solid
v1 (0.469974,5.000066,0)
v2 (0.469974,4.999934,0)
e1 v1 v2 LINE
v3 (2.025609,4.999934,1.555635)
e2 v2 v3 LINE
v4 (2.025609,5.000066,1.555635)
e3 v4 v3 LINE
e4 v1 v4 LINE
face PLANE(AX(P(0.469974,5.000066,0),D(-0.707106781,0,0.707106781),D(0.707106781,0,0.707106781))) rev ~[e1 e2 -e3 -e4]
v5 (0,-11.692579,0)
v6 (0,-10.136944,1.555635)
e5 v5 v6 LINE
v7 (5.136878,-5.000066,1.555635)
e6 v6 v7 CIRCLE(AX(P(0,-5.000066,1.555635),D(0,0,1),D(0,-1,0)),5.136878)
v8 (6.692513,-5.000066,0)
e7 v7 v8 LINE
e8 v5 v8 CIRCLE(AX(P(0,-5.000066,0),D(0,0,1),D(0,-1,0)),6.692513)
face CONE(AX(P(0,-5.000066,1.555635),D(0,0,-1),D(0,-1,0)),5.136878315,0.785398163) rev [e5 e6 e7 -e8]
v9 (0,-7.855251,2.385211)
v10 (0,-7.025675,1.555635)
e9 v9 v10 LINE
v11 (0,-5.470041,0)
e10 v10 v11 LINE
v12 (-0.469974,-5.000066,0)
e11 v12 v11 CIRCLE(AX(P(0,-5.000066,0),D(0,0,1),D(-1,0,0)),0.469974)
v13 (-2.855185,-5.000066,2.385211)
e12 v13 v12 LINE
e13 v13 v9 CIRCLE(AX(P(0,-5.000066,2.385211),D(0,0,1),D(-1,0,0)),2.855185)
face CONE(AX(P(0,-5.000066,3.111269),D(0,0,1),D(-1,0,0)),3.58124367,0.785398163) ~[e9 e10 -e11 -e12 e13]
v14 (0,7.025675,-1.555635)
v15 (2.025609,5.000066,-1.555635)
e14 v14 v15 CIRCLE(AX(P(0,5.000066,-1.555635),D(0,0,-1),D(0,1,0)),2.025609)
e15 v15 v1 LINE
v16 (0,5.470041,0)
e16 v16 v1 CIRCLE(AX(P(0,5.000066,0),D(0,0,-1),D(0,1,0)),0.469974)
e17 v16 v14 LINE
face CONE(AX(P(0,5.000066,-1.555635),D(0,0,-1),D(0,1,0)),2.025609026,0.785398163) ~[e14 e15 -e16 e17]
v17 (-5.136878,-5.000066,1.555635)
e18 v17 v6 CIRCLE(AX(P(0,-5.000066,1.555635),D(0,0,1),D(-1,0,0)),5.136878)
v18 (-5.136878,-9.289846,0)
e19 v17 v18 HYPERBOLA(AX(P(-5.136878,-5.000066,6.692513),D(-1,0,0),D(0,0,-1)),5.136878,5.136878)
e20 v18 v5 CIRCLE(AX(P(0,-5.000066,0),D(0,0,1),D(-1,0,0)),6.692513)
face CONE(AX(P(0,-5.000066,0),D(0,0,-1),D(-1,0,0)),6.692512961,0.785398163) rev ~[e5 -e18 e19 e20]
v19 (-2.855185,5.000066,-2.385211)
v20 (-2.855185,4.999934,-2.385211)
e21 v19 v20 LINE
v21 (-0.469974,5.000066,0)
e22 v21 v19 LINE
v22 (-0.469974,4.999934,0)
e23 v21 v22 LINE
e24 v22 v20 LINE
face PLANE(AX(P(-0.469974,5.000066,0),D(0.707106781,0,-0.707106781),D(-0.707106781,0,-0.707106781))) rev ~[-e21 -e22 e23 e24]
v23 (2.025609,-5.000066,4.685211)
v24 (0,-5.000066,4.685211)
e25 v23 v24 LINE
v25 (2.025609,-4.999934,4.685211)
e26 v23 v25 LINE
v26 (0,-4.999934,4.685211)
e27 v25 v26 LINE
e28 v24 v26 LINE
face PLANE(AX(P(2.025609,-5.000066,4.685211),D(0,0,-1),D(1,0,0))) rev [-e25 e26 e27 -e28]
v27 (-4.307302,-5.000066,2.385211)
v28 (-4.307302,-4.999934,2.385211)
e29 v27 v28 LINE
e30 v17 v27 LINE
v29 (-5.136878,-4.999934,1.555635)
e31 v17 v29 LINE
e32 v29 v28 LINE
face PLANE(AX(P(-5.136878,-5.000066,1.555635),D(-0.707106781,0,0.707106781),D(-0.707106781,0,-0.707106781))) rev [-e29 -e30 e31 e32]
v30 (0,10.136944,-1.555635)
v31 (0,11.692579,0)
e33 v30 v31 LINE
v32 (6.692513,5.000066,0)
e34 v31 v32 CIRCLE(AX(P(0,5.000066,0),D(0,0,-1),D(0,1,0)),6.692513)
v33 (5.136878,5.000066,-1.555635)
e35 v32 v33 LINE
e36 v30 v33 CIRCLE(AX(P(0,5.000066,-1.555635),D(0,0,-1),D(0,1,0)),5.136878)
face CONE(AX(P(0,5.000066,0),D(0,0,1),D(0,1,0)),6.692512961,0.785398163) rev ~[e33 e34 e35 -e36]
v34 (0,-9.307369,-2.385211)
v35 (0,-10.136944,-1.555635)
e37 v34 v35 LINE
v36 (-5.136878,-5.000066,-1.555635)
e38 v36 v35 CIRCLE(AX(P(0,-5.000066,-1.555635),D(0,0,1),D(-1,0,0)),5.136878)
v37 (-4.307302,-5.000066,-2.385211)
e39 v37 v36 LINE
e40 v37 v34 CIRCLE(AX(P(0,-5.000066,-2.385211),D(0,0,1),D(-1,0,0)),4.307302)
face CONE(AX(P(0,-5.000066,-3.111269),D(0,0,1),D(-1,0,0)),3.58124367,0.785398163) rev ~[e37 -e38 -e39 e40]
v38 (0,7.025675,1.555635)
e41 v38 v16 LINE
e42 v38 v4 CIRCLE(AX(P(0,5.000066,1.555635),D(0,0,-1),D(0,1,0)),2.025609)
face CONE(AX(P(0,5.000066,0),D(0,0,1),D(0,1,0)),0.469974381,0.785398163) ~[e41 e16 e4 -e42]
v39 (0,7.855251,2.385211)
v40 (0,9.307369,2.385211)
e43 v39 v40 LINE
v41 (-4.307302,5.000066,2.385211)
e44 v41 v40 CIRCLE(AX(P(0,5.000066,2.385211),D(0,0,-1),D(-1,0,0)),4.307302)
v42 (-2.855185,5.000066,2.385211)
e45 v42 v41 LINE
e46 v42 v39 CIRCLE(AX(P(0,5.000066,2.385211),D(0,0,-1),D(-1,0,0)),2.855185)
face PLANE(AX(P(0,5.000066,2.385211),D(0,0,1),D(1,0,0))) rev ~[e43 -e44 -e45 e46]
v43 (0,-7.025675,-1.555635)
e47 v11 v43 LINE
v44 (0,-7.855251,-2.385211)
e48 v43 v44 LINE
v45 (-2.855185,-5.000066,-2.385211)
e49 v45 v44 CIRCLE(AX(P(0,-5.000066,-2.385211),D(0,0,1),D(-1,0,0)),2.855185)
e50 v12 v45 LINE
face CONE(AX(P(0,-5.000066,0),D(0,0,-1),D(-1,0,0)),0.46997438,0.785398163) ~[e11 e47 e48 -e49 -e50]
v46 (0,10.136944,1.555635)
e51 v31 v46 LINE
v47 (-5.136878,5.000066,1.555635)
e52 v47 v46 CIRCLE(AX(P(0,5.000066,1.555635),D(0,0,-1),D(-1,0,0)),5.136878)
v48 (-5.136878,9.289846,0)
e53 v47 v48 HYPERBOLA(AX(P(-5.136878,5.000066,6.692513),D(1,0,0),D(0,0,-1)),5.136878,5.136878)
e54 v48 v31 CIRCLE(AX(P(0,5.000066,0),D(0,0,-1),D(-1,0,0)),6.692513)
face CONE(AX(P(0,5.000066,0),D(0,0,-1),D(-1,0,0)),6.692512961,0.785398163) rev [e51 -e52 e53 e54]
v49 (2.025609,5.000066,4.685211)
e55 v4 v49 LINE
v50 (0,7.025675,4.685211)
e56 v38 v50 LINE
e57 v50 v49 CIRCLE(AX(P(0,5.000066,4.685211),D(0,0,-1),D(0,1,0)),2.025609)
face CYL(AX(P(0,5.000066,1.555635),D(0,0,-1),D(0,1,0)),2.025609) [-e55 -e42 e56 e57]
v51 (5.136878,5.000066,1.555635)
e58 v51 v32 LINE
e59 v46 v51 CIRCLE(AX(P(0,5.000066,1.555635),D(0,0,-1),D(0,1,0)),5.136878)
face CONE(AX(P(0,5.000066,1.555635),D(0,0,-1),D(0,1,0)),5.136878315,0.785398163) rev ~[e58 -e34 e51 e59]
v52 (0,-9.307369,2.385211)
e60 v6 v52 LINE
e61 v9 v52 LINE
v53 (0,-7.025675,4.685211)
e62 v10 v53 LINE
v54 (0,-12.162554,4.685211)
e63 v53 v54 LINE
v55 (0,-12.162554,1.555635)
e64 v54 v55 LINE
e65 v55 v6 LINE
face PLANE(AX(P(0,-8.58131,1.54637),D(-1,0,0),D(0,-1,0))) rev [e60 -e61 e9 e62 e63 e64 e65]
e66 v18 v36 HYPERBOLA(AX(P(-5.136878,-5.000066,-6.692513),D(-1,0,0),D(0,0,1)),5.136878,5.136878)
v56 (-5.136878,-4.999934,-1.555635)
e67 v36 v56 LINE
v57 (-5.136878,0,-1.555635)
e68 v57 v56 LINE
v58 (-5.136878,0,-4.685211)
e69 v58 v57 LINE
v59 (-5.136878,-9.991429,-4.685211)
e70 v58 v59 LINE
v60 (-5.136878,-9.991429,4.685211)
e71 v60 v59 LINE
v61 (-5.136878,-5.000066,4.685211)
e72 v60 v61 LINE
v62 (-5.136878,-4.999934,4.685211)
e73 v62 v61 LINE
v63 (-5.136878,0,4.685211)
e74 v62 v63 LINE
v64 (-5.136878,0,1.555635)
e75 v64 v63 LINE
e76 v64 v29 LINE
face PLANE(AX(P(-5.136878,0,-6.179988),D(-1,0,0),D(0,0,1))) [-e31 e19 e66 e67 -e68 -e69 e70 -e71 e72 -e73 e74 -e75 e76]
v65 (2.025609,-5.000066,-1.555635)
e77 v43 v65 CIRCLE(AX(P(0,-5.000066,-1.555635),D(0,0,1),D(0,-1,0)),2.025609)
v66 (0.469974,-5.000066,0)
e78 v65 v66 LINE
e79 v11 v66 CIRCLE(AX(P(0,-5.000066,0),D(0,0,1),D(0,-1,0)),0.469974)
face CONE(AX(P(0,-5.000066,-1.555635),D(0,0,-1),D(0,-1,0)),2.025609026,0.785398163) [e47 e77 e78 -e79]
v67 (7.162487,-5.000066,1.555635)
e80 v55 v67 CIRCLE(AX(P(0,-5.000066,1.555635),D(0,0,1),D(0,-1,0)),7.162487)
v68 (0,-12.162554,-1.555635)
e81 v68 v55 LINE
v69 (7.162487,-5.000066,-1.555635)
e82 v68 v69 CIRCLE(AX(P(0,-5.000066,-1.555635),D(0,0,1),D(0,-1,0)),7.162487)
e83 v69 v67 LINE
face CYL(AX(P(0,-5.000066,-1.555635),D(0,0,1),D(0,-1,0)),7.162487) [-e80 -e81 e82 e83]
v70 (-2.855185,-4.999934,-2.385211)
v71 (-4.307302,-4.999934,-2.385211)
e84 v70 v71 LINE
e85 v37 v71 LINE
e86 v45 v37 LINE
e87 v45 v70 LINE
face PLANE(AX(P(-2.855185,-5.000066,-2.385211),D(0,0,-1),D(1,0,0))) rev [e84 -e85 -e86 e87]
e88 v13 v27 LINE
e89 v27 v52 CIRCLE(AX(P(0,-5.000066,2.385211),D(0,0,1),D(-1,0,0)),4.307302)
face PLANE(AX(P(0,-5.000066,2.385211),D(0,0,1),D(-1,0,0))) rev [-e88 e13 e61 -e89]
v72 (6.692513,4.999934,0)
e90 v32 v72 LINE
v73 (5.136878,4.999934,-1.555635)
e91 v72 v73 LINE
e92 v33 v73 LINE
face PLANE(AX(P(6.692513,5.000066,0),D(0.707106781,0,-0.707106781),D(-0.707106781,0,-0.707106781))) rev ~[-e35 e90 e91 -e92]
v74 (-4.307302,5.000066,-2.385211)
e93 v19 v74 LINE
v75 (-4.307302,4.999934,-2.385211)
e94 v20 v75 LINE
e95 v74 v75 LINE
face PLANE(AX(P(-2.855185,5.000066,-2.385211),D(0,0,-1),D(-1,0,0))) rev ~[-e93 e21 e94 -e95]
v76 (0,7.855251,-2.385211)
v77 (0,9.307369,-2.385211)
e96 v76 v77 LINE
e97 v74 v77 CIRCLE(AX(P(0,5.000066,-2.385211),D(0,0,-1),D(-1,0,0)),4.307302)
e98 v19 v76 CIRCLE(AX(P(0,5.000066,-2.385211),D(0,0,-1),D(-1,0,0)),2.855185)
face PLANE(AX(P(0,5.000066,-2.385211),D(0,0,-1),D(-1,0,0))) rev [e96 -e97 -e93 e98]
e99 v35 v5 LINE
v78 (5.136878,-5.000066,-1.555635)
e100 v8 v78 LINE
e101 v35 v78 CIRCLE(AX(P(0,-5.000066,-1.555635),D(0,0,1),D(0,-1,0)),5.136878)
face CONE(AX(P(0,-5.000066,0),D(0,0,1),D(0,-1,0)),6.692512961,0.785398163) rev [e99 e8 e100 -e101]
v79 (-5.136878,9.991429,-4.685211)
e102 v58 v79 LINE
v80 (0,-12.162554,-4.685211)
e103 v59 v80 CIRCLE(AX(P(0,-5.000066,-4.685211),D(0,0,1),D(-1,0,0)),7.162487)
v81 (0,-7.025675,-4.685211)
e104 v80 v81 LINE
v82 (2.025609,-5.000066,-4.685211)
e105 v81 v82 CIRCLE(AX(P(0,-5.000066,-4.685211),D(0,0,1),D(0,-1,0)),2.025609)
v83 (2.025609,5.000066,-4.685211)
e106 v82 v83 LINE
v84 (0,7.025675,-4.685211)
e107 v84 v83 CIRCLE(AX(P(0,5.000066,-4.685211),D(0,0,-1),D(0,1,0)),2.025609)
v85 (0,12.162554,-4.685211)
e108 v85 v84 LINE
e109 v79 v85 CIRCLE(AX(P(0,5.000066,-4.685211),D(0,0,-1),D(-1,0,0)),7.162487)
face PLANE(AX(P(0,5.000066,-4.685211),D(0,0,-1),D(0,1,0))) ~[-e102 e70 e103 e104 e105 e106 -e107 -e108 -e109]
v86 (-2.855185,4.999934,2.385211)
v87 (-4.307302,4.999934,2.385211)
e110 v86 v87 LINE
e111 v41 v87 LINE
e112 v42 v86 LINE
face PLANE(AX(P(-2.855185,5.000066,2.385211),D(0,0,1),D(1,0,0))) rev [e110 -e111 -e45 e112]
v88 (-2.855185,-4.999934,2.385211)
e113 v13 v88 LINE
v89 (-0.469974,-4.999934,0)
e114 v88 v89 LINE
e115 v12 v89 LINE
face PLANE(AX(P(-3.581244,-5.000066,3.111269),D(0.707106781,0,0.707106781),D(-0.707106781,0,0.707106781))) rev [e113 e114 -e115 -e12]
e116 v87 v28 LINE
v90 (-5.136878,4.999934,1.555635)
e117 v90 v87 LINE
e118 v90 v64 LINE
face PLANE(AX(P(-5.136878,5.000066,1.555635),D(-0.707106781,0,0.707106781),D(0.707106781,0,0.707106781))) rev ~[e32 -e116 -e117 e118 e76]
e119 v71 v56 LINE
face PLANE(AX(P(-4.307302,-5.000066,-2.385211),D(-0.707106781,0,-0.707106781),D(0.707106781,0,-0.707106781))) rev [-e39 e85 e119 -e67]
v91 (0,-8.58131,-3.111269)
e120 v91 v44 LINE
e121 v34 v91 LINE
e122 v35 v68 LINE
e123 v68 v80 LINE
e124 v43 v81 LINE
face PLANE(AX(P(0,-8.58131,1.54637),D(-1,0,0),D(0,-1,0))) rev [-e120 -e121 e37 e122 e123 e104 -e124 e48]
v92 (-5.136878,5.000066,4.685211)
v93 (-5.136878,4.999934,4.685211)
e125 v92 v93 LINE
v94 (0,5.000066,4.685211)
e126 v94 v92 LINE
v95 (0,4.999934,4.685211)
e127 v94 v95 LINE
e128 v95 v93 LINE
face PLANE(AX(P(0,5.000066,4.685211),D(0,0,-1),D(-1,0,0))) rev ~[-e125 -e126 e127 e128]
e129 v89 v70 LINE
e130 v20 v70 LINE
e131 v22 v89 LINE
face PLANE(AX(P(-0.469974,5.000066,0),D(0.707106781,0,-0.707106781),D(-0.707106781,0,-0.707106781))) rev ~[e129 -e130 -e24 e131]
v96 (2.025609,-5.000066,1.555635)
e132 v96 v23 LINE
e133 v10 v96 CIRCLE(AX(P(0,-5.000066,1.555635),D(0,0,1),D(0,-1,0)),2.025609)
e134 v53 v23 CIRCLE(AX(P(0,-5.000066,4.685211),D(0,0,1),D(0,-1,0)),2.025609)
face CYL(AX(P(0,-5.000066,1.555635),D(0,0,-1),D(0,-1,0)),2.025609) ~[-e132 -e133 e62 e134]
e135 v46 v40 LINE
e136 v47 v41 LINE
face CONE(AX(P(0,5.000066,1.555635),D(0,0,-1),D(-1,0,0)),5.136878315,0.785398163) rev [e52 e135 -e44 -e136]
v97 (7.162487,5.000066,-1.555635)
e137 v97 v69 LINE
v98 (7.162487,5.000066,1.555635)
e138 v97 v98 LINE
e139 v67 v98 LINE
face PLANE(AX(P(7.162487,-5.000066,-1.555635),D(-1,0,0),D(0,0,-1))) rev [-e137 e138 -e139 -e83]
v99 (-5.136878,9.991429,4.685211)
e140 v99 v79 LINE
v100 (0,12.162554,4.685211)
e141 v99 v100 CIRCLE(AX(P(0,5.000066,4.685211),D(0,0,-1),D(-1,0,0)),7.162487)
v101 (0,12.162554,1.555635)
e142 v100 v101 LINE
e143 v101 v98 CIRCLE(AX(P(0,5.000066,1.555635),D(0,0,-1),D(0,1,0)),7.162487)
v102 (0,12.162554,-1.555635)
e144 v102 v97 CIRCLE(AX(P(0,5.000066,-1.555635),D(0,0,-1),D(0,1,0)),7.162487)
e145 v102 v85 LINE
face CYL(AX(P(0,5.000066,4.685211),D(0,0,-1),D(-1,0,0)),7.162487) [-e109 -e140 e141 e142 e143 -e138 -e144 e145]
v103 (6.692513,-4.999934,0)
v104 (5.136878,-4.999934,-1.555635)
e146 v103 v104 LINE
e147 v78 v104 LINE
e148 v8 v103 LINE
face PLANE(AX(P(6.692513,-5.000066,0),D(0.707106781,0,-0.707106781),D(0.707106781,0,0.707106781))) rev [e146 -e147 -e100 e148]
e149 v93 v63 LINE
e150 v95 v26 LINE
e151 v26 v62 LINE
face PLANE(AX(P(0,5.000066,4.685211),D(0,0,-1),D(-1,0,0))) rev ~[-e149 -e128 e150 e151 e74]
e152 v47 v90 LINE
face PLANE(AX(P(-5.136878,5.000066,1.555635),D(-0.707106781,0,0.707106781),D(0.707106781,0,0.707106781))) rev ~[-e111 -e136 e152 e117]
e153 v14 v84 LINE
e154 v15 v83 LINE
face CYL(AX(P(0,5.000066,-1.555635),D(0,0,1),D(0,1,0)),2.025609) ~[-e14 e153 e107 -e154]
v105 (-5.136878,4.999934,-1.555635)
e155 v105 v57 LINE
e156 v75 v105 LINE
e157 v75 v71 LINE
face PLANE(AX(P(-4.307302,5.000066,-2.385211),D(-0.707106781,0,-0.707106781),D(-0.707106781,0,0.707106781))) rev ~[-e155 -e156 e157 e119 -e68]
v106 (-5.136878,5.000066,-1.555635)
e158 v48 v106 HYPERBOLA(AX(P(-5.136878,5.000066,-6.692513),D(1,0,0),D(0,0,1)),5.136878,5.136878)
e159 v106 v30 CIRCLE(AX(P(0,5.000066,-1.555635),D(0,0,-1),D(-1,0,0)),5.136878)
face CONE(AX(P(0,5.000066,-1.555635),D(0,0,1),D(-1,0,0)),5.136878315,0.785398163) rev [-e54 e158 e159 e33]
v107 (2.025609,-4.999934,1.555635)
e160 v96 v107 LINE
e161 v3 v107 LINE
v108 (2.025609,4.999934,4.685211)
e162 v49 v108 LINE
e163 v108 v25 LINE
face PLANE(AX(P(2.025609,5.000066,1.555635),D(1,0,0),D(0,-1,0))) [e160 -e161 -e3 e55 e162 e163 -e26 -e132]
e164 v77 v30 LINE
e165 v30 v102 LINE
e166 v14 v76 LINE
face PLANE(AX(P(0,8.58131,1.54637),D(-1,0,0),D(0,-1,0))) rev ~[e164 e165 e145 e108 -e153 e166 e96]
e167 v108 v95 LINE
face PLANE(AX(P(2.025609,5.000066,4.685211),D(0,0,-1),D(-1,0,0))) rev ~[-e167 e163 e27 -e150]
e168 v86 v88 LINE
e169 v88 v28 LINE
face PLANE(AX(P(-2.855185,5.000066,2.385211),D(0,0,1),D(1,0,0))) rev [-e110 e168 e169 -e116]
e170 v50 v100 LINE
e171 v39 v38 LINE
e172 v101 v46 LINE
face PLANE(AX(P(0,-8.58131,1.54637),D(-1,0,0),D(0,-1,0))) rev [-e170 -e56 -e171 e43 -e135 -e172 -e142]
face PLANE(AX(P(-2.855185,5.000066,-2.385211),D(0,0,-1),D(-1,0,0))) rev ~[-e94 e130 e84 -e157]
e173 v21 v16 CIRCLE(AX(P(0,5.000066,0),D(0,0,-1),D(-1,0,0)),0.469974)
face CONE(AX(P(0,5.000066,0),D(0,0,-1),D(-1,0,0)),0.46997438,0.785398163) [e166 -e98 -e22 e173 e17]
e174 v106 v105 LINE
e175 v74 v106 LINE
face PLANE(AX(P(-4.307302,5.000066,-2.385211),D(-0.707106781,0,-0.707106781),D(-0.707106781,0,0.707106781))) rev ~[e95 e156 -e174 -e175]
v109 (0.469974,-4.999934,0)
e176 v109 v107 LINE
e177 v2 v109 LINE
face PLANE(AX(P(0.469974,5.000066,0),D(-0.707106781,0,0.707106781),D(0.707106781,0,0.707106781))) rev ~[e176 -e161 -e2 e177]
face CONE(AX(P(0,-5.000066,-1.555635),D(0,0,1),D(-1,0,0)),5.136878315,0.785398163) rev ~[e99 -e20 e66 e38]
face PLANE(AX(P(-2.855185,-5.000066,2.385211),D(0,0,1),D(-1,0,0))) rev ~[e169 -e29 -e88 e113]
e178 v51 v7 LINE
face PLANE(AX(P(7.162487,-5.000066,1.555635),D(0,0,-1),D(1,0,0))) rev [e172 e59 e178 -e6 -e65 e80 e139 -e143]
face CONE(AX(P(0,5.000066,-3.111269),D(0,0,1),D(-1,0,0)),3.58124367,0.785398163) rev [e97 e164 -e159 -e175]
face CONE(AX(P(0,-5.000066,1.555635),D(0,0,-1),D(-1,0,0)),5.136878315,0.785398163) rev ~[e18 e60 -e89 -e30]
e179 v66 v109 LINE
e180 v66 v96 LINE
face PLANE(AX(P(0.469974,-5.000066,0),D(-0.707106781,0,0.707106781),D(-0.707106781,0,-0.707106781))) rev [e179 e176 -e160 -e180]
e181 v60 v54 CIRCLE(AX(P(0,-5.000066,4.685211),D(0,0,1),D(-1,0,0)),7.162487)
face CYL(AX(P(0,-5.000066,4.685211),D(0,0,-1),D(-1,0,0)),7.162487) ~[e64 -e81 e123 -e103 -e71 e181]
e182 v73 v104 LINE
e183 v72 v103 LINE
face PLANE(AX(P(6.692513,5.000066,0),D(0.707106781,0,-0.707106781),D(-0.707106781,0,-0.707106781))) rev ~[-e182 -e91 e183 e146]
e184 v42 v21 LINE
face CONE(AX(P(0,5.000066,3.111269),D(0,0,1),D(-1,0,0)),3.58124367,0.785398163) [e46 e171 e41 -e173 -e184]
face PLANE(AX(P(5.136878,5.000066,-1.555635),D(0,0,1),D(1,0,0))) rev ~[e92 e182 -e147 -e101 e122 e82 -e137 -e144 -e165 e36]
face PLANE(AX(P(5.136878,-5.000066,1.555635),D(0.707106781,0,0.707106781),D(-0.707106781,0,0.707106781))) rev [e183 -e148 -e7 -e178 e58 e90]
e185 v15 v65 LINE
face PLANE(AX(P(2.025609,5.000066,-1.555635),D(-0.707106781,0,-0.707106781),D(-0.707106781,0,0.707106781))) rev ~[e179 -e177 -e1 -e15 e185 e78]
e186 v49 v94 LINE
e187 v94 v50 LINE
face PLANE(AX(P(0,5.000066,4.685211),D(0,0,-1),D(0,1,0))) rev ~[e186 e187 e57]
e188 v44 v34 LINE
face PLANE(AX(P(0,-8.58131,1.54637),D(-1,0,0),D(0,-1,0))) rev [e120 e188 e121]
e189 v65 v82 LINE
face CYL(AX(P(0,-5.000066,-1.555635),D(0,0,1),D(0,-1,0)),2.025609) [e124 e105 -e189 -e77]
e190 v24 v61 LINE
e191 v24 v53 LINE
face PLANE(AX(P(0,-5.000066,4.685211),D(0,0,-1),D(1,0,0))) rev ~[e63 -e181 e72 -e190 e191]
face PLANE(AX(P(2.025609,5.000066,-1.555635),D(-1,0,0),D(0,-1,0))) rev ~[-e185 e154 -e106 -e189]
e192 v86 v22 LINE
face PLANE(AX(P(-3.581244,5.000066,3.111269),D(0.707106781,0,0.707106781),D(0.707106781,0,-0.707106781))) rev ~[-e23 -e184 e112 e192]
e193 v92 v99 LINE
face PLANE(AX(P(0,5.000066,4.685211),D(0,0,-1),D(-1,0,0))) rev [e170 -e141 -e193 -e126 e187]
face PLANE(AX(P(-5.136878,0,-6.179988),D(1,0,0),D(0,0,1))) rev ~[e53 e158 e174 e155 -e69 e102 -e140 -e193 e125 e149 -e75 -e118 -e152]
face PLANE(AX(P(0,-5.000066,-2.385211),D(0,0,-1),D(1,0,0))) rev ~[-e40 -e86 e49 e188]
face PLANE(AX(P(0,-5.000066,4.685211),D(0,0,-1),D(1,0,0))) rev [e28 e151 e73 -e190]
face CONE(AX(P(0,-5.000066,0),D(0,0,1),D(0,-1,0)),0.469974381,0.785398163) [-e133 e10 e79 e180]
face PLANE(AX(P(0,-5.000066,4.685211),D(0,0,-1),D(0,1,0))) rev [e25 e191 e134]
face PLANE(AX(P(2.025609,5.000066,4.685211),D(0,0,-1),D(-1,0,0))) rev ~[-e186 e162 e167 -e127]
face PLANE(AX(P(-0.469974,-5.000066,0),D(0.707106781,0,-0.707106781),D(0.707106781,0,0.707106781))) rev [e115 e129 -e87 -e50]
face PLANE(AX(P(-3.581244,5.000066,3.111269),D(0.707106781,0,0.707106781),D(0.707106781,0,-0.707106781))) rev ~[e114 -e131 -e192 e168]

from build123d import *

# Parameters (mm, degrees)
F4_ANGLE       = 90
F6_ANGLE       = 90
F7_DEPTH       = 10
F10_DEPTH      = 3.1295758847
F11_DEPTH      = 3.1295758847
F13_DEPTH      = 14.5
F13_DEPTH_BACK = 25


with BuildPart() as f4:
    # F3 (on plane+point) → F4 (revolve)
    with BuildSketch(Plane.XZ.offset(-5.0000661737)):
        Polygon((-2.8551849101, 2.3852105297), (-2.0256090254, 1.555634645), (-0.4699743804, 0), (-2.0256090254, -1.555634645), (0, -1.555634645), (0, 0), (0, 1.555634645), (0, 4.6852105297), (-7.1624873409, 4.6852105297), (-7.1624873409, 1.555634645), (-7.1624873409, -1.555634645), (-5.1368783154, -1.555634645), (-6.6925129605, 0), (-5.1368783154, 1.555634645), (-4.3073024307, 2.3852105297), (-3.5812436704, 3.11126929), align=None)
        Polygon((-4.3073024307, -2.3852105297), (-5.1368783154, -1.555634645), (-7.1624873409, -1.555634645), (-7.1624873409, -4.6852105297), (0, -4.6852105297), (0, -1.555634645), (-2.0256090254, -1.555634645), (-2.8551849101, -2.3852105297), (-3.5812436704, -3.11126929), align=None)
        Polygon((-2.8551849101, -2.3852105297), (-3.5812436704, -2.3852105297), (-3.5812436704, -3.11126929), align=None)
        Polygon((-3.5812436704, -3.11126929), (-3.5812436704, -2.3852105297), (-4.3073024307, -2.3852105297), align=None)
    revolve(axis=Axis((0, 5.0000661737, -0.016850885), (0, 0, -1)), revolution_arc=F4_ANGLE)

    # F5 (on face) → F6 (revolve)
    with BuildSketch(Plane.YZ):
        Polygon((5.4700405542, 0), (7.0256751992, 1.555634645), (5.0000661737, 1.555634645), (5.0000661737, -1.555634645), (7.0256751992, -1.555634645), align=None)
        Polygon((12.1625535146, 1.555634645), (10.1369444892, 1.555634645), (11.6925791342, 0), (10.1369444892, -1.555634645), (12.1625535146, -1.555634645), align=None)
    revolve(axis=Axis((0, 5.0000661737, -0.016850885), (0, 0, -1)), revolution_arc=F6_ANGLE)

    # F7 (add): faces of the model
    f7_faces = [f4.faces().sort_by_distance(p)[0] for p in [
        (7.1253617587, 5.0000661737, 0),
        (-1.9422105795, 5.0000661737, 1.639033091),
        (1.0128045127, 5.0000661737, -1.5185090628),
    ]]
    extrude(f7_faces, amount=F7_DEPTH)

    # F8: F4 across plane


with BuildPart() as f4_1:
    add(f4.part)
    add(f4.part.mirror(Plane.XZ))

    # F9: F4 across plane


with BuildPart() as f4_2:
    add(f4_1.part)
    add(f4_1.part.mirror(Plane.XY))

    # F10 (add, through all): faces of the model
    f10_faces = [f4_2.faces().sort_by_distance(p)[0] for p in [
        (0.8596951711, 5.8597613449, -1.555634645),
        (1.0128045127, 5, -1.555634645),
        (1.0128045127, 0, -1.555634645),
        (1.0128045127, -5, -1.555634645),
        (0.8596951711, -5.8597613449, -1.555634645),
    ]]
    extrude(f10_faces, amount=F10_DEPTH)

    # F11 (add, through all): faces of the model
    f11_faces = [f4_2.faces().sort_by_distance(p)[0] for p in [
        (0.8596951711, 5.8597613449, 1.555634645),
        (1.0128045127, 5, 1.555634645),
        (1.0128045127, 0, 1.555634645),
        (1.0128045127, -5, 1.555634645),
        (0.8596951711, -5.8597613449, 1.555634645),
    ]]
    extrude(f11_faces, amount=F11_DEPTH)

    # F12 (on Front) → F13 (cut, two sides)
    with BuildSketch(Plane.XZ) as f13_sk:
        Polygon((-5.1368783154, -6.1799879186), (-5.1368783154, 5.2285962738), (-8.7532252073, 5.3635202348), (-9.4878124073, -3.8263113238), align=None)
    extrude(amount=-F13_DEPTH, mode=Mode.SUBTRACT)
    extrude(f13_sk.sketch, amount=F13_DEPTH_BACK, mode=Mode.SUBTRACT)


solid = f4_2.part
